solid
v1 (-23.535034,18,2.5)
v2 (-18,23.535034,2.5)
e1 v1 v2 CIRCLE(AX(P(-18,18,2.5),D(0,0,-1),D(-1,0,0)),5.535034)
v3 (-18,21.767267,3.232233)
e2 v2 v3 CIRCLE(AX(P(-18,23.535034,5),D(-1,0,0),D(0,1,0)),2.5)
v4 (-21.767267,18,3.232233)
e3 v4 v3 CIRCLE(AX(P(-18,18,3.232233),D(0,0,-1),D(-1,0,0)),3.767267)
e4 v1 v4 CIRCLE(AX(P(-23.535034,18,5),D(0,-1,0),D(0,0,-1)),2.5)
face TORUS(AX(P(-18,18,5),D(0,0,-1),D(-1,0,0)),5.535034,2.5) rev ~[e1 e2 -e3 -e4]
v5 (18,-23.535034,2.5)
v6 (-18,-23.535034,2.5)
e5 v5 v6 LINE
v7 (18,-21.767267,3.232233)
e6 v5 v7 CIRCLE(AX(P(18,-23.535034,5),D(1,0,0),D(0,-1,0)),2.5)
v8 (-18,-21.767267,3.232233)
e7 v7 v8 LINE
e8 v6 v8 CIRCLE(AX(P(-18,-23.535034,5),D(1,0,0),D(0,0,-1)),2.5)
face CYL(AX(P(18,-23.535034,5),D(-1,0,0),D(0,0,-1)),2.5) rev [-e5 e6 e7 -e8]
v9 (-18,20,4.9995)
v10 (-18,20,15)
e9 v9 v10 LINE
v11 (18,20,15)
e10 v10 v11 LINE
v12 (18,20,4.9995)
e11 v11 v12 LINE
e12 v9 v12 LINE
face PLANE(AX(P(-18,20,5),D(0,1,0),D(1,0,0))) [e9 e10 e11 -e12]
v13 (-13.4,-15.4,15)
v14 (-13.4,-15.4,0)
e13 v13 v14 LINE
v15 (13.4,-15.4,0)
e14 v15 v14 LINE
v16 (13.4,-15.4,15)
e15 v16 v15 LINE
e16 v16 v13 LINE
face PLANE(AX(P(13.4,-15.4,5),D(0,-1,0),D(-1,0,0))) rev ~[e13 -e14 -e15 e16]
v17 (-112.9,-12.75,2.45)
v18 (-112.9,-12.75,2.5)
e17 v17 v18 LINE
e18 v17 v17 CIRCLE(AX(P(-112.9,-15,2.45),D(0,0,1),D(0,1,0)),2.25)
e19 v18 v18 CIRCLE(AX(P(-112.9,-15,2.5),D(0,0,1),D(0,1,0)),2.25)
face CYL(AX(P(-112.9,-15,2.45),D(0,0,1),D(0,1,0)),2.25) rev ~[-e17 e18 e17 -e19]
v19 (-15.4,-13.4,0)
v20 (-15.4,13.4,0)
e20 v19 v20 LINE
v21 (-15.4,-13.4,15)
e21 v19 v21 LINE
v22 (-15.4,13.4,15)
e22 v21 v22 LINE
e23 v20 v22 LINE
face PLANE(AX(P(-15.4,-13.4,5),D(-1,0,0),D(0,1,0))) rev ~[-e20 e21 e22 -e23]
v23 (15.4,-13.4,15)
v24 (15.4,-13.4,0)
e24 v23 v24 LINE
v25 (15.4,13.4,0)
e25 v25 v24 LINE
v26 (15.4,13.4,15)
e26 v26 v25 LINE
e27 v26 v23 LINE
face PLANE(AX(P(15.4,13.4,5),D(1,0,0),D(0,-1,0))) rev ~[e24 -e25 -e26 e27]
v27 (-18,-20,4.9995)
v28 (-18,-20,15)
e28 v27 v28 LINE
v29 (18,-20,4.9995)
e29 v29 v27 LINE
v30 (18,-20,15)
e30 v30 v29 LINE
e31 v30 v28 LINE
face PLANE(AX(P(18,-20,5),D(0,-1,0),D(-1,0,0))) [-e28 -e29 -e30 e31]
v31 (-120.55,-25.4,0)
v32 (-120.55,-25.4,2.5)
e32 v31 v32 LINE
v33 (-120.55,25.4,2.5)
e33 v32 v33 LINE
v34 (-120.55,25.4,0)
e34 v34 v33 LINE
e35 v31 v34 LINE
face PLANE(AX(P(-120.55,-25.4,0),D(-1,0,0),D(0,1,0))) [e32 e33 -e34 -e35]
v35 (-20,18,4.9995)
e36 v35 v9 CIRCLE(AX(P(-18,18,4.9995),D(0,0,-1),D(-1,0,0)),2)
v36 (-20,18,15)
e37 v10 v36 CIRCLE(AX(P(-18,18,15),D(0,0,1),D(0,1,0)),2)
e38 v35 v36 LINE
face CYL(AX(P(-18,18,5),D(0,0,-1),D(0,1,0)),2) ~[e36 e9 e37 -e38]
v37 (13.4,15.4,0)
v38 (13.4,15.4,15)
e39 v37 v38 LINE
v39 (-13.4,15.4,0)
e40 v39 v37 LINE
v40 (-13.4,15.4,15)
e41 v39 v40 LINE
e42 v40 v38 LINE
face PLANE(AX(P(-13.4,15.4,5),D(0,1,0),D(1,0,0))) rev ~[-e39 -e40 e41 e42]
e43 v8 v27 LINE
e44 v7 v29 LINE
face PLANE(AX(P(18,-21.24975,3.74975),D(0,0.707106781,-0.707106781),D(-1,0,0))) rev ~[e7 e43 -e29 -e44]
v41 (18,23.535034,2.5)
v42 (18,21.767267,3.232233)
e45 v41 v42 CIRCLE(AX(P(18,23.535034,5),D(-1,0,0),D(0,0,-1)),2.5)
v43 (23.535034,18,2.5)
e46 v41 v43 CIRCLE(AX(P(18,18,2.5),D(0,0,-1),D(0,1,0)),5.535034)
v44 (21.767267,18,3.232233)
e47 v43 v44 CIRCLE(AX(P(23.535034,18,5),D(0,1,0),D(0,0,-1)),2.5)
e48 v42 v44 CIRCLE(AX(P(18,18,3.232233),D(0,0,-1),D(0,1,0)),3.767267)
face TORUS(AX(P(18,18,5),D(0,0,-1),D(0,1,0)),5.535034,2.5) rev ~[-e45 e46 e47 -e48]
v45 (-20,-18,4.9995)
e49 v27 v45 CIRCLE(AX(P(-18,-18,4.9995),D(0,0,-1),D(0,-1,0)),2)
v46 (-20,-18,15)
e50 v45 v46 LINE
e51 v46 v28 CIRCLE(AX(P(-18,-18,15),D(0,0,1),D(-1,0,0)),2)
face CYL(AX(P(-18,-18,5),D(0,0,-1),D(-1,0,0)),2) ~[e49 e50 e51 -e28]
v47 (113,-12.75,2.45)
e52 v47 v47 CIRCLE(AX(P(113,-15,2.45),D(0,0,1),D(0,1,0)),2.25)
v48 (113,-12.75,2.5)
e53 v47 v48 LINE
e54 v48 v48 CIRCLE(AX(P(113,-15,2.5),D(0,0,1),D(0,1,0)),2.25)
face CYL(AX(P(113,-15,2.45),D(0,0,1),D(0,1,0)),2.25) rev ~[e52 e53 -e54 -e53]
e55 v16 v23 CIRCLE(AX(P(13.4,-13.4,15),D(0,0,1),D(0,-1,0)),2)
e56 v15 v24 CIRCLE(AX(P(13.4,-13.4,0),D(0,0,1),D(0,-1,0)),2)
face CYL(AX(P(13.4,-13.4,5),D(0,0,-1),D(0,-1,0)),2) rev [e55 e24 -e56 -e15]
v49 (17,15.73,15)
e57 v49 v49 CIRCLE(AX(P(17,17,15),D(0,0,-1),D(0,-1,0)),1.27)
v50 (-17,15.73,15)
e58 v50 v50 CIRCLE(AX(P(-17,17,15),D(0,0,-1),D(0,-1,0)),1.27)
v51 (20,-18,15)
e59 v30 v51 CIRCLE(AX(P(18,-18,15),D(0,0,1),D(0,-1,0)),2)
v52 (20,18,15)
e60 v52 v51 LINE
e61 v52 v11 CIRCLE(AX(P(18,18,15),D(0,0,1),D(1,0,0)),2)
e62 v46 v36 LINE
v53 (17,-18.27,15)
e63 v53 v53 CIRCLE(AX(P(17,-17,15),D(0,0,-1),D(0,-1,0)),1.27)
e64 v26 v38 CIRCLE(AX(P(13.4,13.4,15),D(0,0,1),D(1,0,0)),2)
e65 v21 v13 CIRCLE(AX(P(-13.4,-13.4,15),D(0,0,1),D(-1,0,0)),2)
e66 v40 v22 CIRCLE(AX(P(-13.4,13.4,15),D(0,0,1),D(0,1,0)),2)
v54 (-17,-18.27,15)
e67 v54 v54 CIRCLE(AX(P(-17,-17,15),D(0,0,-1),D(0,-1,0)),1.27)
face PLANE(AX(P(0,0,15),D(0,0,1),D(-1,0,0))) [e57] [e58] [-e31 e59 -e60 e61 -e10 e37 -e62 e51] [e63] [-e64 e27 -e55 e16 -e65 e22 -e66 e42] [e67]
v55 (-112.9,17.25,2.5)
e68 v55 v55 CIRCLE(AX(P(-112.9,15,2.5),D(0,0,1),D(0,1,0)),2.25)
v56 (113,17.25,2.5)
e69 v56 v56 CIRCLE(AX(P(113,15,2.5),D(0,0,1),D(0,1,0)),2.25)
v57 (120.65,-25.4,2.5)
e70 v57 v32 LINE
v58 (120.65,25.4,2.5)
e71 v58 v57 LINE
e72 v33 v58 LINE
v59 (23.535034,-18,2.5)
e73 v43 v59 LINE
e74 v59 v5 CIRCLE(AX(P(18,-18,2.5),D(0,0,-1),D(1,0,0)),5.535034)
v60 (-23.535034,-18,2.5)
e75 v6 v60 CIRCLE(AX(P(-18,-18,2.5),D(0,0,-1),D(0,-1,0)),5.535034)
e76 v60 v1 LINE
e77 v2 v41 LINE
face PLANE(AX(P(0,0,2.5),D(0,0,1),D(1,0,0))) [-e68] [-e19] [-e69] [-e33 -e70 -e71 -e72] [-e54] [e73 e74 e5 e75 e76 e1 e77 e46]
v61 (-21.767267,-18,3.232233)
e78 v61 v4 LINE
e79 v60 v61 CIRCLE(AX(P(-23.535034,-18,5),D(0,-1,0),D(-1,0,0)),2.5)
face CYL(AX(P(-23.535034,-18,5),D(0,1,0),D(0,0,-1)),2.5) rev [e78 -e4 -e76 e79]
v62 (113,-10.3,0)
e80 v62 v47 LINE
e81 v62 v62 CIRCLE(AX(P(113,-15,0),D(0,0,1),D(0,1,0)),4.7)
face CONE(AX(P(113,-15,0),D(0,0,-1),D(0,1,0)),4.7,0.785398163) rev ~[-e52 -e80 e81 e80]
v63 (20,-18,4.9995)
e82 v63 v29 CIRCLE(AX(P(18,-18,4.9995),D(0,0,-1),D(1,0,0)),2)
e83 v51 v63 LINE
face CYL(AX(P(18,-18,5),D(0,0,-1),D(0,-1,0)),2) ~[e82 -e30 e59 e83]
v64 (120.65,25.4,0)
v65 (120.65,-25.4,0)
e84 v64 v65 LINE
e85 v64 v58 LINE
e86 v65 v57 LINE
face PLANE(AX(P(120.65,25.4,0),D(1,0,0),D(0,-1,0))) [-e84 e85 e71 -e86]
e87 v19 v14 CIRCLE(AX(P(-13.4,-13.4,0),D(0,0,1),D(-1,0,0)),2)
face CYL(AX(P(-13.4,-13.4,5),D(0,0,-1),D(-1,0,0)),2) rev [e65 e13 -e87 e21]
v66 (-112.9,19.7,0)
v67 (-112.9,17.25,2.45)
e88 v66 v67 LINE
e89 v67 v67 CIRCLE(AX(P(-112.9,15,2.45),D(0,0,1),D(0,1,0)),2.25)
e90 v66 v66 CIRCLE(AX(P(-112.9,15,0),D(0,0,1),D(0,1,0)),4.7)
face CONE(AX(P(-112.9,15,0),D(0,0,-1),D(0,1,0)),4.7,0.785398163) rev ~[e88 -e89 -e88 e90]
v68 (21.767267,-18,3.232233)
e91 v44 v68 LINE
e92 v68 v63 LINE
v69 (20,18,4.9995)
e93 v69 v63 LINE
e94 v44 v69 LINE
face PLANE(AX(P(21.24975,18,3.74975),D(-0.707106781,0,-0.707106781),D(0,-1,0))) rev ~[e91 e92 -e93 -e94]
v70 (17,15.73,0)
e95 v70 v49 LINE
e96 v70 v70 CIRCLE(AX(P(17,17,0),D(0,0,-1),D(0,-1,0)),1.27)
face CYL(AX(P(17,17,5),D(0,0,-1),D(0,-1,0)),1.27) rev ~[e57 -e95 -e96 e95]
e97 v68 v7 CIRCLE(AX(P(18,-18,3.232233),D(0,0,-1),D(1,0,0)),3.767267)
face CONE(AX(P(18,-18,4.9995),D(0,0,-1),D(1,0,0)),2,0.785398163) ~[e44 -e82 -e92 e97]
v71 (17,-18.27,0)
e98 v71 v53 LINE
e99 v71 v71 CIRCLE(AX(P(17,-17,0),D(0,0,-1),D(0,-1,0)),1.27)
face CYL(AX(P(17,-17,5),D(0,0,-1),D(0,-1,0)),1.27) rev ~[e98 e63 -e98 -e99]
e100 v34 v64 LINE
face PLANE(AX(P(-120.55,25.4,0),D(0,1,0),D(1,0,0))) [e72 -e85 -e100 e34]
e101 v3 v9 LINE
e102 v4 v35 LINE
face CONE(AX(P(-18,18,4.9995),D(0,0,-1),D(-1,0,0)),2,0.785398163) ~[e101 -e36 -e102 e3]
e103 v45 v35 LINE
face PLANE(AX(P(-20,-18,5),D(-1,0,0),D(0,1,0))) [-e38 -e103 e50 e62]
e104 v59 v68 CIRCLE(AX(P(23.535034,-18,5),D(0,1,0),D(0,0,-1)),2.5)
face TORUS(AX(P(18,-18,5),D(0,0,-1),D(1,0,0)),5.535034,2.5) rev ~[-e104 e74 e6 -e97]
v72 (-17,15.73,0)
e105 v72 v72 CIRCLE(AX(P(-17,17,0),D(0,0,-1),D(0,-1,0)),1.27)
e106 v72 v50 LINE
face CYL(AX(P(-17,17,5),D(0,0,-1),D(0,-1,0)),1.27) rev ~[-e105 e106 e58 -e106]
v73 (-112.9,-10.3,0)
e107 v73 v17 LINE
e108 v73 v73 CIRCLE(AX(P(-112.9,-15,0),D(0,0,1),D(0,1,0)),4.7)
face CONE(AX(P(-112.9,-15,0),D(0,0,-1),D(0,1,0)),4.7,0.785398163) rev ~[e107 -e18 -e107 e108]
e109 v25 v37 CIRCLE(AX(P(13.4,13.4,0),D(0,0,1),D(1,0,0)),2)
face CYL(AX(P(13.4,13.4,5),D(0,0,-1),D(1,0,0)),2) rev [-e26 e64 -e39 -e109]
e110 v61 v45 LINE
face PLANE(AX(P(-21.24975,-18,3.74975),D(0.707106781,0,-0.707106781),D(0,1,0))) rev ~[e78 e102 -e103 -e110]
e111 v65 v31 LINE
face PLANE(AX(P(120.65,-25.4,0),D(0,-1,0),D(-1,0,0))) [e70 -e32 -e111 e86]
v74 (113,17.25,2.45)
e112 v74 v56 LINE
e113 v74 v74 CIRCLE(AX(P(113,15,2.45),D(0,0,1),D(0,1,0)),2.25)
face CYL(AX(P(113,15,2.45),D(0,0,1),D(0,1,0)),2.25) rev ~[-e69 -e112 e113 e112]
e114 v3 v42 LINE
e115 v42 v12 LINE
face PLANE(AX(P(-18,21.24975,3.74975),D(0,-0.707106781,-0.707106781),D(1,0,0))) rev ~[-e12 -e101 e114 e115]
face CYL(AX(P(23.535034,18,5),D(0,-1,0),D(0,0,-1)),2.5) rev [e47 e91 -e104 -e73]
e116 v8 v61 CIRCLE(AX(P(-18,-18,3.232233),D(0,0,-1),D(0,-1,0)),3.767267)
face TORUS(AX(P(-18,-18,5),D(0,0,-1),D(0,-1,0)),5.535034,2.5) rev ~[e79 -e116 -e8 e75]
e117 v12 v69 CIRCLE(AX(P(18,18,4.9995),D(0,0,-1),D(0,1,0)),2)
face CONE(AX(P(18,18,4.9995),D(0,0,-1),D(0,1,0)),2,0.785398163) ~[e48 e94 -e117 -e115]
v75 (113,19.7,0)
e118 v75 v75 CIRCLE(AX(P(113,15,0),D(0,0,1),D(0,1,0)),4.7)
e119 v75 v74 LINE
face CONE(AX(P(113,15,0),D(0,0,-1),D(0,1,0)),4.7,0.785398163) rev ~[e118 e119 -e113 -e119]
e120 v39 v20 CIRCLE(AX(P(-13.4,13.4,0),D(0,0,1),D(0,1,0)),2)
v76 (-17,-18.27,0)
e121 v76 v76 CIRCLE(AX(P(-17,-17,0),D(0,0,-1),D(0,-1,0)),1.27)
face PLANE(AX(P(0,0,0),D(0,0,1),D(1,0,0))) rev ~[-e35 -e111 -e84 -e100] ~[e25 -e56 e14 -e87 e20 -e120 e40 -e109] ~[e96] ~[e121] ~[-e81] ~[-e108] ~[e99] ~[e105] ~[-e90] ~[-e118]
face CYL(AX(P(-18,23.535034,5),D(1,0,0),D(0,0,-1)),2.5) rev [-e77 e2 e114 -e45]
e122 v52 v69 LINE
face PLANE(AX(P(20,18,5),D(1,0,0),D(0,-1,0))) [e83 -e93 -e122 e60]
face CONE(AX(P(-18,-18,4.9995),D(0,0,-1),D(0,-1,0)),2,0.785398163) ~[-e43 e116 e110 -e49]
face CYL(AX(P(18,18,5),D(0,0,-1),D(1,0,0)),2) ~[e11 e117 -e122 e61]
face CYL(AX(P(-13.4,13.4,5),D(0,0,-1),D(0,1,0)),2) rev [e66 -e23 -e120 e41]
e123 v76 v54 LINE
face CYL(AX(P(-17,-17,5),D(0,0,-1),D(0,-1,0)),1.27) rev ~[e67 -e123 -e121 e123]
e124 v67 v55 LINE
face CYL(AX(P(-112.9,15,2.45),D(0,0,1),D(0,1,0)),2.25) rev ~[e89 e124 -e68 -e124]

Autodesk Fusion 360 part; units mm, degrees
sketch "Sketch1" plane through (0, 0, 0) normal (0, 0, 1) x (1, 0, 0)
  line L0 (-120.55, 25.4) -> (120.65, 25.4)
  line L1 (120.65, 25.4) -> (120.65, -25.4)
  line L2 (120.65, -25.4) -> (-120.55, -25.4)
  line L3 (-120.55, -25.4) -> (-120.55, 25.4)
  dimension "d3" = 241.2
  dimension "d4" = 50.8
  dimension "d5" = 25.4
  dimension "d6" = 120.65
extrude "Extrude1" add sketch "Sketch1" along normal blind 2.5
sketch "Sketch2" plane through (0, 0, 2.5) normal (0, 0, 1) x (-1, 0, 0)
  line L0 (120.55, 25.4) -> (-120.65, 25.4)
  line L1 (-120.65, 25.4) -> (-120.65, -25.4)
  line L2 (-120.65, -25.4) -> (120.55, -25.4)
  line L3 (120.55, -25.4) -> (120.55, 25.4)
  line L4 (13.4, -15.4) -> (-13.4, -15.4)
  line L5 (-15.4, -13.4) -> (-15.4, 13.4)
  line L6 (-13.4, 15.4) -> (13.4, 15.4)
  line L7 (15.4, 13.4) -> (15.4, -13.4)
  arc A0 (13.4, -15.4) -> (15.4, -13.4) centre (13.4, -13.4) ccw
  arc A1 (-15.4, -13.4) -> (-13.4, -15.4) centre (-13.4, -13.4) ccw
  arc A2 (-13.4, 15.4) -> (-15.4, 13.4) centre (-13.4, 13.4) ccw
  arc A3 (15.4, 13.4) -> (13.4, 15.4) centre (13.4, 13.4) ccw
  dimension "d7" = 30.8
  dimension "d8" = 30.8
  dimension "d9" = 15.4
  dimension "d10" = 15.4
  dimension "d11" = 2
extrude "Extrude2" cut sketch "Sketch2" against normal blind 2.5 contours L4 L5 L6 L7 A0 A1 A2 A3
sketch "Sketch4" plane through (0, 0, 2.5) normal (0, 0, 1) x (-1, 0, 0)
  line L0 (15.4, 13.4) -> (15.4, -13.4)
  arc A0 (13.4, -15.4) -> (15.4, -13.4) centre (13.4, -13.4) ccw
  line L1 (13.4, -15.4) -> (-13.4, -15.4)
  arc A1 (-15.4, -13.4) -> (-13.4, -15.4) centre (-13.4, -13.4) ccw
  line L2 (-15.4, -13.4) -> (-15.4, 13.4)
  arc A2 (-13.4, 15.4) -> (-15.4, 13.4) centre (-13.4, 13.4) ccw
  line L3 (-13.4, 15.4) -> (13.4, 15.4)
  arc A3 (15.4, 13.4) -> (13.4, 15.4) centre (13.4, 13.4) ccw
  line L4 (120.55, 25.4) -> (-120.65, 25.4)
  line L5 (-120.65, 25.4) -> (-120.65, -25.4)
  line L6 (-120.65, -25.4) -> (120.55, -25.4)
  line L7 (120.55, -25.4) -> (120.55, 25.4)
  line L8 (18, -20) -> (-18, -20)
  line L9 (-20, -18) -> (-20, 18)
  line L10 (-18, 20) -> (18, 20)
  line L11 (20, 18) -> (20, -18)
  arc A4 (18, -20) -> (20, -18) centre (18, -18) ccw
  arc A5 (-20, -18) -> (-18, -20) centre (-18, -18) ccw
  arc A6 (-18, 20) -> (-20, 18) centre (-18, 18) ccw
  arc A7 (20, 18) -> (18, 20) centre (18, 18) ccw
  dimension "d18" = 40
  dimension "d19" = 40
  dimension "d20" = 20
  dimension "d21" = 20
  dimension "d22" = 2
extrude "Extrude3" add sketch "Sketch4" along normal blind 2.5 contours L8 L9 L10 L11 A4 A5 A6 A7
sketch "Sketch6" plane through (0, 0, 5) normal (0, 0, 1) x (-1, 0, 0)
  arc A0 (13.4, -15.4) -> (15.4, -13.4) centre (13.4, -13.4) ccw
  line L0 (13.4, -15.4) -> (-13.4, -15.4)
  arc A1 (-15.4, -13.4) -> (-13.4, -15.4) centre (-13.4, -13.4) ccw
  line L1 (-15.4, -13.4) -> (-15.4, 13.4)
  arc A2 (-13.4, 15.4) -> (-15.4, 13.4) centre (-13.4, 13.4) ccw
  line L2 (-13.4, 15.4) -> (13.4, 15.4)
  arc A3 (15.4, 13.4) -> (13.4, 15.4) centre (13.4, 13.4) ccw
  line L3 (15.4, 13.4) -> (15.4, -13.4)
  arc A4 (18, -20) -> (20, -18) centre (18, -18) ccw
  line L4 (20, -18) -> (20, 18)
  arc A5 (20, 18) -> (18, 20) centre (18, 18) ccw
  line L5 (18, 20) -> (-18, 20)
  arc A6 (-18, 20) -> (-20, 18) centre (-18, 18) ccw
  line L6 (-20, 18) -> (-20, -18)
  arc A7 (-20, -18) -> (-18, -20) centre (-18, -18) ccw
  line L7 (-18, -20) -> (18, -20)
  point P0 (17, -17)
  point P1 (-17, -17)
  point P2 (-17, 17)
  point P3 (17, 17)
  dimension "d29" = 34
  dimension "d30" = 34
  dimension "d31" = 17
  dimension "d32" = 17
hole "Hole1" at (-17, 17, 5) at (17, 17, 5) at (17, -17, 5) at (-17, -17, 5) direction (0, 0, -1) diameter 2.54 depth 5 tip angle 118
chamfer "Chamfer1" distance 2.5 distance2 2.5 8 edges at (0, -20, 2.5) (-19.4142, -19.4142, 2.5) (-20, 0, 2.5) (-19.4142, 19.4142, 2.5) (0, 20, 2.5) (19.4142, 19.4142, 2.5) (20, 0, 2.5) (19.4142, -19.4142, 2.5) measured on face at (87.1, -6, 2.5) measured on face at (87.1, -6, 2.5) measured on face at (87.1, -6, 2.5) measured on face at (87.1, -6, 2.5) measured on face at (87.1, -6, 2.5) measured on face at (87.1, -6, 2.5) measured on face at (87.1, -6, 2.5) measured on face at (87.1, -6, 2.5)
fillet "Fillet1" radius 2.5 8 edges at (22.5, 0, 2.5) (21.182, 21.182, 2.5) (0, 22.5, 2.5) (-21.182, 21.182, 2.5) (-22.5, 0, 2.5) (-21.182, -21.182, 2.5) (0, -22.5, 2.5) (21.182, -21.182, 2.5)
sketch "Sketch7" plane through (0, 0, 0) normal (0, 0, -1) x (1, 0, 0)
  circle A0 centre (17, 17) radius 1.27
  circle A1 centre (-17, -17) radius 1.27
  circle A2 centre (17, -17) radius 1.27
  circle A3 centre (-17, 17) radius 1.27
  line L0 (-15.4, -13.4) -> (-15.4, 13.4)
  arc A4 (-13.4, 15.4) -> (-15.4, 13.4) centre (-13.4, 13.4) ccw
  line L1 (-13.4, 15.4) -> (13.4, 15.4)
  arc A5 (15.4, 13.4) -> (13.4, 15.4) centre (13.4, 13.4) ccw
  line L2 (15.4, 13.4) -> (15.4, -13.4)
  arc A6 (13.4, -15.4) -> (15.4, -13.4) centre (13.4, -13.4) ccw
  line L3 (13.4, -15.4) -> (-13.4, -15.4)
  arc A7 (-15.4, -13.4) -> (-13.4, -15.4) centre (-13.4, -13.4) ccw
  line L4 (120.65, 25.4) -> (-120.55, 25.4)
  line L5 (-120.55, 25.4) -> (-120.55, -25.4)
  line L6 (-120.55, -25.4) -> (120.65, -25.4)
  line L7 (120.65, -25.4) -> (120.65, 25.4)
  point P0 (-112.9, 15)
  point P1 (-112.9, -15)
  point P2 (113, 15)
  point P3 (113, -15)
  dimension "d40" = 30
  dimension "d41" = 7.65
  dimension "d42" = 7.65
  dimension "d48" = 10.4
hole "Hole2" at (-112.9, -15, 0) at (-112.9, 15, 0) at (113, -15, 0) at (113, 15, 0) direction (0, 0, 1) diameter 4.5 depth 5 tip angle 180 countersink diameter 9.4 countersink angle 90
extrude "Extrude5" add 1 faces at (-17.0425, 4.4667, 5) along direction (0, 0, 1) blind 10
equation "d3 = 9.5 in - 0.1 mm"
equation "d6 = ( 9.5 / 2 ) * 1 in"
equation "d41 = ( ( 15.4 / 2 ) * 1 mm ) - 0.05 * 1 mm"
equation "d42 = ( ( 15.4 / 2 ) * 1 mm ) - 0.05 * 1 mm"
equation "d48 = ( 2 in - 30 mm ) / 2"
